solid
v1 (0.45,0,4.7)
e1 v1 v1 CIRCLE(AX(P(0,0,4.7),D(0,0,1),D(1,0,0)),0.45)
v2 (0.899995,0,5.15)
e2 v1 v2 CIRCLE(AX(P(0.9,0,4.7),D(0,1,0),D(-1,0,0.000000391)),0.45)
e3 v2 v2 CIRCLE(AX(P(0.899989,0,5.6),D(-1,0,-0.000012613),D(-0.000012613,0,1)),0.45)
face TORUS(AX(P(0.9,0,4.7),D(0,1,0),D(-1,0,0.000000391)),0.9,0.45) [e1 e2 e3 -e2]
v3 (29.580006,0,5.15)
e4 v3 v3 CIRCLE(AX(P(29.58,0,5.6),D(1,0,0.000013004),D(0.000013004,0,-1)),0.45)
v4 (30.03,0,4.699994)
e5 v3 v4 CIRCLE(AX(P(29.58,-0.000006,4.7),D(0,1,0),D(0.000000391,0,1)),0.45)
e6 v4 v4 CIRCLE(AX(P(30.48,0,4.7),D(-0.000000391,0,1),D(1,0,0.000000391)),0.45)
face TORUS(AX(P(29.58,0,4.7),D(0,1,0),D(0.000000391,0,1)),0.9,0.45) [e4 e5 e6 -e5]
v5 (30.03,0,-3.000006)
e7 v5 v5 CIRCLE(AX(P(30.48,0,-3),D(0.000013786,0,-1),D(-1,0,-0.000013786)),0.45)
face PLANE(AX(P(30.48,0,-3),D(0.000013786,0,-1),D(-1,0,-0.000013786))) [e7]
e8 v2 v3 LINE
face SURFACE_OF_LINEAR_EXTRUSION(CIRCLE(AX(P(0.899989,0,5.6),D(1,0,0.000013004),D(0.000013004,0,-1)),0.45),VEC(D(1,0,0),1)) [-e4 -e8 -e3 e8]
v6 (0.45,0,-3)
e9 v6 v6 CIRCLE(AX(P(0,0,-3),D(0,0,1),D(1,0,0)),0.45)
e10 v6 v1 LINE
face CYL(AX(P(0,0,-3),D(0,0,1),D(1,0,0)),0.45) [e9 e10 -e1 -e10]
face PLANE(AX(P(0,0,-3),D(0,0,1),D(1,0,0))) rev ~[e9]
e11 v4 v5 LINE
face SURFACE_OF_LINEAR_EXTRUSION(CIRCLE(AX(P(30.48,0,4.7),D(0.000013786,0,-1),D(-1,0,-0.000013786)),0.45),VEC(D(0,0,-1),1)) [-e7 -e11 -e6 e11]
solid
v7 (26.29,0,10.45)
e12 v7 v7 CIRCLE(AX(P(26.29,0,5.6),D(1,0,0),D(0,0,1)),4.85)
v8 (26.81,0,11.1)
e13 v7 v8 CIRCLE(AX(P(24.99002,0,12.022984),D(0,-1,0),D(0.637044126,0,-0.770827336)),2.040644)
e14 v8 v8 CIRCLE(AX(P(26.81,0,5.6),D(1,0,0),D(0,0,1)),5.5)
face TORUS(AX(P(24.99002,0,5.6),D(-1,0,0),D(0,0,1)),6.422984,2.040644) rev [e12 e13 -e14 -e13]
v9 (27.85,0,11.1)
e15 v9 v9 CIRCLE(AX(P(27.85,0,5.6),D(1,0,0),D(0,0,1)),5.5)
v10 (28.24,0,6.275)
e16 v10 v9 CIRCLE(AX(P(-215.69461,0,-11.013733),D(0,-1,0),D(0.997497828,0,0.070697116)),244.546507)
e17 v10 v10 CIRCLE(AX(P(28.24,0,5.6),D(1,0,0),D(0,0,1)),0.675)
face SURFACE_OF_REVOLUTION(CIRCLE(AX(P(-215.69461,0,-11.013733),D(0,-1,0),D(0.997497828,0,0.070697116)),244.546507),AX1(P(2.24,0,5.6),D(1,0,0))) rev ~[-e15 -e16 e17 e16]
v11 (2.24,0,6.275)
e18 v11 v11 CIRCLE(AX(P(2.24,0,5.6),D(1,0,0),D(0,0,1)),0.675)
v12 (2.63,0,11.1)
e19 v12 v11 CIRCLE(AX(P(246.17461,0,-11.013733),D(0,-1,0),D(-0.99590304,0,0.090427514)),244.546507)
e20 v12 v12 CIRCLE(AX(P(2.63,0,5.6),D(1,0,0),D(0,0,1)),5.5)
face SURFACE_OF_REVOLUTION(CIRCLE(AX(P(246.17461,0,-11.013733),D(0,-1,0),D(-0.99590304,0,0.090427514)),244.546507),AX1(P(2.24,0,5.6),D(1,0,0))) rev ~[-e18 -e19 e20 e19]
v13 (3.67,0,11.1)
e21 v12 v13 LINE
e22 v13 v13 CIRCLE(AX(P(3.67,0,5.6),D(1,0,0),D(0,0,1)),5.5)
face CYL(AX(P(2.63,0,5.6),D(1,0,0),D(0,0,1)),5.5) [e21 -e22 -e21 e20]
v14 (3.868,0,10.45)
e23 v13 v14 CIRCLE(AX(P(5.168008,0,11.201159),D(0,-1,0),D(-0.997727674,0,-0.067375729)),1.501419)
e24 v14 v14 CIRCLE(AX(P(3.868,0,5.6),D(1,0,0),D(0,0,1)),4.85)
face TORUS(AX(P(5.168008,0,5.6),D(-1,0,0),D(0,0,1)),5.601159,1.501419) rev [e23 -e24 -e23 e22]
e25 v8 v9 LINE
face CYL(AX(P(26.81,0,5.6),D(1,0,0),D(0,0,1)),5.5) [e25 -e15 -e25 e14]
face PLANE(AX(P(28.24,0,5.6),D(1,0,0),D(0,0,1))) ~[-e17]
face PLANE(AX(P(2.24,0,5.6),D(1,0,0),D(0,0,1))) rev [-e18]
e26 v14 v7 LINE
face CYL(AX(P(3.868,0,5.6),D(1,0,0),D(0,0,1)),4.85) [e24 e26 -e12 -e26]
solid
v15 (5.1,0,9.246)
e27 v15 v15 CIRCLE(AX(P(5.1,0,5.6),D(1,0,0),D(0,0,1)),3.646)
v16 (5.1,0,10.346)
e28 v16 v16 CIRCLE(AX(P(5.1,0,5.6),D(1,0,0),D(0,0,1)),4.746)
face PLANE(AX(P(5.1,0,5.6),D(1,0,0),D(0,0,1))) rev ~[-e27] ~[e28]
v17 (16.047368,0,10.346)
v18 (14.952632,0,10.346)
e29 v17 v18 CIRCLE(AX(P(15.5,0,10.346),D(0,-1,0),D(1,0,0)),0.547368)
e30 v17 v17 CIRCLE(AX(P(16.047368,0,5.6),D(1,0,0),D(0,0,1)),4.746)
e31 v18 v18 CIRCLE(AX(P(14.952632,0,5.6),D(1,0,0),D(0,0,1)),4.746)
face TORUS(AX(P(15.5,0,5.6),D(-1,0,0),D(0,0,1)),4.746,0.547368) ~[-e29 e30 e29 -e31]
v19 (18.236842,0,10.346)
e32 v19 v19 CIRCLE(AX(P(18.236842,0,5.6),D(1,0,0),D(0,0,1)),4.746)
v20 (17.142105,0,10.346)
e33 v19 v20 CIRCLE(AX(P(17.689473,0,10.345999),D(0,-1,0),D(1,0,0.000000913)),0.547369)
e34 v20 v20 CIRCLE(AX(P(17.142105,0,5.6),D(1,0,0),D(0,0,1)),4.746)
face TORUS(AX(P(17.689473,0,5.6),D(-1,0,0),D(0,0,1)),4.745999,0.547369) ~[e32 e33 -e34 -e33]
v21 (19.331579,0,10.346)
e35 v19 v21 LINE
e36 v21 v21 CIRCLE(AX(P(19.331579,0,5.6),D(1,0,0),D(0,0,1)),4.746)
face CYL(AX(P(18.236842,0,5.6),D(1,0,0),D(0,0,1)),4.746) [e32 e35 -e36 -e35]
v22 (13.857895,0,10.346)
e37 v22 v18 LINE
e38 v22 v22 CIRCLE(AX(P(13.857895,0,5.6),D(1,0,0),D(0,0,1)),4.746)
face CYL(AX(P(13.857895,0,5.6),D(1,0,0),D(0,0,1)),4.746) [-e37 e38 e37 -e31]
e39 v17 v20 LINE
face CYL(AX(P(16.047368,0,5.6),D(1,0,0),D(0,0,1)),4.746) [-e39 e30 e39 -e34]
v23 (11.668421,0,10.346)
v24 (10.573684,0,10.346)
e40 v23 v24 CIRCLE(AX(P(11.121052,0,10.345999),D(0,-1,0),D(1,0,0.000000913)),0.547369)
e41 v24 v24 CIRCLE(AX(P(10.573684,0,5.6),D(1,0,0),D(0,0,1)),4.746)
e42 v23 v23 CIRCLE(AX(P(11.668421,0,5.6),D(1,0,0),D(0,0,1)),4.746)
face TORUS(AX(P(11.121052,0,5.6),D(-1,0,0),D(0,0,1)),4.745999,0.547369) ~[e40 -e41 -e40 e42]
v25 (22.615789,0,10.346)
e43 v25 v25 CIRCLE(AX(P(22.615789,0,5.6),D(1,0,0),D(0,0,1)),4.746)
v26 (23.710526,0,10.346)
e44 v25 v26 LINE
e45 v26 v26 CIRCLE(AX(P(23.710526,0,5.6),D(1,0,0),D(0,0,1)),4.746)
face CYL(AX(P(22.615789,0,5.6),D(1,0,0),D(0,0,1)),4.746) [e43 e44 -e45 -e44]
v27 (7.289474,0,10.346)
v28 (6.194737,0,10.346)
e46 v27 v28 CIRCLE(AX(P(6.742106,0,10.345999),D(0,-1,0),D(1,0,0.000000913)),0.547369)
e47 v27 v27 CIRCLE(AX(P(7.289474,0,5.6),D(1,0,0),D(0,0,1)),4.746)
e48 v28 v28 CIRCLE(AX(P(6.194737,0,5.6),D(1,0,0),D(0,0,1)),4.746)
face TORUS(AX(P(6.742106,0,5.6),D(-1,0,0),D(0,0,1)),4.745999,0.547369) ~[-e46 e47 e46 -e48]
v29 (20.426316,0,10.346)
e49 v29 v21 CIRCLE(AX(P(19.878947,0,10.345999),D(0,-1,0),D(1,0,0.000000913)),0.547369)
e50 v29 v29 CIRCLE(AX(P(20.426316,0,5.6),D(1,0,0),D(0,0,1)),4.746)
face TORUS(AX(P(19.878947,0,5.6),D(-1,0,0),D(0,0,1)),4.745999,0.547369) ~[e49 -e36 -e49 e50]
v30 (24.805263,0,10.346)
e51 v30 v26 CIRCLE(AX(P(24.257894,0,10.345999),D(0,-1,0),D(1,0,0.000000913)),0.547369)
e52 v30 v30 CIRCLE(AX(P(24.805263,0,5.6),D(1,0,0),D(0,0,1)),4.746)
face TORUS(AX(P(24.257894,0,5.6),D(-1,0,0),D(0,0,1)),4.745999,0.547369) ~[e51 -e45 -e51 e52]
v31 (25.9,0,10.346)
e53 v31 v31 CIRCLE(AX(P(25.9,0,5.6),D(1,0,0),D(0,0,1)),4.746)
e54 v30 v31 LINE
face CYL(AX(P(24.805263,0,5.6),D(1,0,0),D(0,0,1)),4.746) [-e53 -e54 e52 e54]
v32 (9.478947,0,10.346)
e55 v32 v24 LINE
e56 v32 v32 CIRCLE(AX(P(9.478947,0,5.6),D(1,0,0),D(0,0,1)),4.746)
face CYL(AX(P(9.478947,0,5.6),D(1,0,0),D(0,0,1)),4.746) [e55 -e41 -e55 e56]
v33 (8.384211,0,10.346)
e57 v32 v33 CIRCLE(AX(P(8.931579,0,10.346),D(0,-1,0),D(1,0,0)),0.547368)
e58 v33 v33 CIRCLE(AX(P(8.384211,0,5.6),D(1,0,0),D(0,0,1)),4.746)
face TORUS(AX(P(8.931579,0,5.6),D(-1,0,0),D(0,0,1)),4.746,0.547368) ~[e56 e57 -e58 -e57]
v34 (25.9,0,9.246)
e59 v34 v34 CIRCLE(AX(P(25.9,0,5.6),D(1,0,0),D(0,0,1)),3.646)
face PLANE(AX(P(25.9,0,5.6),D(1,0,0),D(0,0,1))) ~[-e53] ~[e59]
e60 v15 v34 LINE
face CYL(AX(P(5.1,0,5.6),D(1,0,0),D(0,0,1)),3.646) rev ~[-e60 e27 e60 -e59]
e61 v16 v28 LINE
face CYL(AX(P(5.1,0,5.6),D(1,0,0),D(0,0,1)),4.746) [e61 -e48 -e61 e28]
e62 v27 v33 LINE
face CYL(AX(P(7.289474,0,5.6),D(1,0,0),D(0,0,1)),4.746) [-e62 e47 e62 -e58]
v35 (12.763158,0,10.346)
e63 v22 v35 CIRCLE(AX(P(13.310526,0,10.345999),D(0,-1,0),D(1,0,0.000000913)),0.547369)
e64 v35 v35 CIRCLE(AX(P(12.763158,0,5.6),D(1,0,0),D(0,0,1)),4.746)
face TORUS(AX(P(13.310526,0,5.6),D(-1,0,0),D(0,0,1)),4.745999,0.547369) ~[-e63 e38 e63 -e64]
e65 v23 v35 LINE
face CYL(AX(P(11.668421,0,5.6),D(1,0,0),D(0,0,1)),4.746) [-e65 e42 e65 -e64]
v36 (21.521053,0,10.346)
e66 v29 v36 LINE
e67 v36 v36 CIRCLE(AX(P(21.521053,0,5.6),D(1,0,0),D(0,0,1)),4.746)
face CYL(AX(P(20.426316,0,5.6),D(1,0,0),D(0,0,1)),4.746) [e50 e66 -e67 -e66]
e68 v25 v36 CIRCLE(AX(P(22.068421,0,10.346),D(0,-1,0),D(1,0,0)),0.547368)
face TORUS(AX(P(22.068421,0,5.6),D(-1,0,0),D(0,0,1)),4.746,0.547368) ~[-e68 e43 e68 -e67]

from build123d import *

# Parameters (mm, degrees)
SKETCH_R = 0.45


with BuildPart() as revolution:
    # Sketch002 → Revolution (revolve)
    with BuildSketch(Plane.XZ):
        with BuildLine():
            Line((2.63, 11.1), (3.67, 11.1))
            ThreePointArc((3.67, 11.1), (3.731746, 10.763652), (3.868, 10.45))
            Line((3.868, 10.45), (26.29, 10.45))
            ThreePointArc((26.29, 10.45), (26.583495, 10.748204), (26.81, 11.1))
            Line((26.81, 11.1), (27.85, 11.1))
            ThreePointArc((28.24, 6.275), (28.056939, 8.688465), (27.85, 11.1))
            Line((28.24, 5.6), (28.24, 6.275))
            Line((2.24, 5.6), (28.24, 5.6))
            Line((2.24, 5.6), (2.24, 6.275))
            ThreePointArc((2.63, 11.1), (2.423061, 8.688465), (2.24, 6.275))
        make_face()
    revolve(axis=Axis((2.24, 0, 5.6), (1, 0, 0)))


with BuildPart() as sweep_body:
    # Sweep: sweep along a path in Sketch001
    with BuildLine(Plane.XZ) as sweep_path:
        Line((0, -3), (0, 4.7))
        ThreePointArc((0, 4.7), (0.2636, 5.336392), (0.899989, 5.6))
        Line((0.899989, 5.6), (29.58, 5.6))
        ThreePointArc((29.58, 5.6), (30.216396, 5.336396), (30.48, 4.7))
        Line((30.48, 4.7), (30.48, -3))
    # Sketch → Sweep (sweep)
    with BuildSketch(Plane.XY.offset(-2)):
        Circle(SKETCH_R)
    sweep(path=sweep_path.line)


with BuildPart() as revolution001:
    # Sketch003 → Revolution001 (revolve)
    with BuildSketch(Plane.XZ):
        with BuildLine():
            ThreePointArc((7.289474, 10.346), (6.742105, 10.893368), (6.194737, 10.346))
            Line((5.1, 10.346), (6.194737, 10.346))
            Line((5.1, 10.346), (5.1, 9.246))
            Line((5.1, 9.246), (25.9, 9.246))
            Line((25.9, 9.246), (25.9, 10.346))
            Line((24.805263, 10.346), (25.9, 10.346))
            ThreePointArc((24.805263, 10.346), (24.257895, 10.893368), (23.710526, 10.346))
            Line((22.615789, 10.346), (23.710526, 10.346))
            ThreePointArc((22.615789, 10.346), (22.068421, 10.893368), (21.521053, 10.346))
            Line((20.426316, 10.346), (21.521053, 10.346))
            ThreePointArc((20.426316, 10.346), (19.878947, 10.893368), (19.331579, 10.346))
            Line((18.236842, 10.346), (19.331579, 10.346))
            ThreePointArc((18.236842, 10.346), (17.689474, 10.893368), (17.142105, 10.346))
            Line((16.047368, 10.346), (17.142105, 10.346))
            ThreePointArc((16.047368, 10.346), (15.5, 10.893368), (14.952632, 10.346))
            Line((13.857895, 10.346), (14.952632, 10.346))
            ThreePointArc((13.857895, 10.346), (13.310526, 10.893368), (12.763158, 10.346))
            Line((11.668421, 10.346), (12.763158, 10.346))
            ThreePointArc((11.668421, 10.346), (11.121053, 10.893368), (10.573684, 10.346))
            Line((9.478947, 10.346), (10.573684, 10.346))
            ThreePointArc((9.478947, 10.346), (8.931579, 10.893368), (8.384211, 10.346))
            Line((7.289474, 10.346), (8.384211, 10.346))
        make_face()
    revolve(axis=Axis((2.89, 0, 5.6), (1, 0, 0)))


solid = Compound([revolution.part, sweep_body.part, revolution001.part])
